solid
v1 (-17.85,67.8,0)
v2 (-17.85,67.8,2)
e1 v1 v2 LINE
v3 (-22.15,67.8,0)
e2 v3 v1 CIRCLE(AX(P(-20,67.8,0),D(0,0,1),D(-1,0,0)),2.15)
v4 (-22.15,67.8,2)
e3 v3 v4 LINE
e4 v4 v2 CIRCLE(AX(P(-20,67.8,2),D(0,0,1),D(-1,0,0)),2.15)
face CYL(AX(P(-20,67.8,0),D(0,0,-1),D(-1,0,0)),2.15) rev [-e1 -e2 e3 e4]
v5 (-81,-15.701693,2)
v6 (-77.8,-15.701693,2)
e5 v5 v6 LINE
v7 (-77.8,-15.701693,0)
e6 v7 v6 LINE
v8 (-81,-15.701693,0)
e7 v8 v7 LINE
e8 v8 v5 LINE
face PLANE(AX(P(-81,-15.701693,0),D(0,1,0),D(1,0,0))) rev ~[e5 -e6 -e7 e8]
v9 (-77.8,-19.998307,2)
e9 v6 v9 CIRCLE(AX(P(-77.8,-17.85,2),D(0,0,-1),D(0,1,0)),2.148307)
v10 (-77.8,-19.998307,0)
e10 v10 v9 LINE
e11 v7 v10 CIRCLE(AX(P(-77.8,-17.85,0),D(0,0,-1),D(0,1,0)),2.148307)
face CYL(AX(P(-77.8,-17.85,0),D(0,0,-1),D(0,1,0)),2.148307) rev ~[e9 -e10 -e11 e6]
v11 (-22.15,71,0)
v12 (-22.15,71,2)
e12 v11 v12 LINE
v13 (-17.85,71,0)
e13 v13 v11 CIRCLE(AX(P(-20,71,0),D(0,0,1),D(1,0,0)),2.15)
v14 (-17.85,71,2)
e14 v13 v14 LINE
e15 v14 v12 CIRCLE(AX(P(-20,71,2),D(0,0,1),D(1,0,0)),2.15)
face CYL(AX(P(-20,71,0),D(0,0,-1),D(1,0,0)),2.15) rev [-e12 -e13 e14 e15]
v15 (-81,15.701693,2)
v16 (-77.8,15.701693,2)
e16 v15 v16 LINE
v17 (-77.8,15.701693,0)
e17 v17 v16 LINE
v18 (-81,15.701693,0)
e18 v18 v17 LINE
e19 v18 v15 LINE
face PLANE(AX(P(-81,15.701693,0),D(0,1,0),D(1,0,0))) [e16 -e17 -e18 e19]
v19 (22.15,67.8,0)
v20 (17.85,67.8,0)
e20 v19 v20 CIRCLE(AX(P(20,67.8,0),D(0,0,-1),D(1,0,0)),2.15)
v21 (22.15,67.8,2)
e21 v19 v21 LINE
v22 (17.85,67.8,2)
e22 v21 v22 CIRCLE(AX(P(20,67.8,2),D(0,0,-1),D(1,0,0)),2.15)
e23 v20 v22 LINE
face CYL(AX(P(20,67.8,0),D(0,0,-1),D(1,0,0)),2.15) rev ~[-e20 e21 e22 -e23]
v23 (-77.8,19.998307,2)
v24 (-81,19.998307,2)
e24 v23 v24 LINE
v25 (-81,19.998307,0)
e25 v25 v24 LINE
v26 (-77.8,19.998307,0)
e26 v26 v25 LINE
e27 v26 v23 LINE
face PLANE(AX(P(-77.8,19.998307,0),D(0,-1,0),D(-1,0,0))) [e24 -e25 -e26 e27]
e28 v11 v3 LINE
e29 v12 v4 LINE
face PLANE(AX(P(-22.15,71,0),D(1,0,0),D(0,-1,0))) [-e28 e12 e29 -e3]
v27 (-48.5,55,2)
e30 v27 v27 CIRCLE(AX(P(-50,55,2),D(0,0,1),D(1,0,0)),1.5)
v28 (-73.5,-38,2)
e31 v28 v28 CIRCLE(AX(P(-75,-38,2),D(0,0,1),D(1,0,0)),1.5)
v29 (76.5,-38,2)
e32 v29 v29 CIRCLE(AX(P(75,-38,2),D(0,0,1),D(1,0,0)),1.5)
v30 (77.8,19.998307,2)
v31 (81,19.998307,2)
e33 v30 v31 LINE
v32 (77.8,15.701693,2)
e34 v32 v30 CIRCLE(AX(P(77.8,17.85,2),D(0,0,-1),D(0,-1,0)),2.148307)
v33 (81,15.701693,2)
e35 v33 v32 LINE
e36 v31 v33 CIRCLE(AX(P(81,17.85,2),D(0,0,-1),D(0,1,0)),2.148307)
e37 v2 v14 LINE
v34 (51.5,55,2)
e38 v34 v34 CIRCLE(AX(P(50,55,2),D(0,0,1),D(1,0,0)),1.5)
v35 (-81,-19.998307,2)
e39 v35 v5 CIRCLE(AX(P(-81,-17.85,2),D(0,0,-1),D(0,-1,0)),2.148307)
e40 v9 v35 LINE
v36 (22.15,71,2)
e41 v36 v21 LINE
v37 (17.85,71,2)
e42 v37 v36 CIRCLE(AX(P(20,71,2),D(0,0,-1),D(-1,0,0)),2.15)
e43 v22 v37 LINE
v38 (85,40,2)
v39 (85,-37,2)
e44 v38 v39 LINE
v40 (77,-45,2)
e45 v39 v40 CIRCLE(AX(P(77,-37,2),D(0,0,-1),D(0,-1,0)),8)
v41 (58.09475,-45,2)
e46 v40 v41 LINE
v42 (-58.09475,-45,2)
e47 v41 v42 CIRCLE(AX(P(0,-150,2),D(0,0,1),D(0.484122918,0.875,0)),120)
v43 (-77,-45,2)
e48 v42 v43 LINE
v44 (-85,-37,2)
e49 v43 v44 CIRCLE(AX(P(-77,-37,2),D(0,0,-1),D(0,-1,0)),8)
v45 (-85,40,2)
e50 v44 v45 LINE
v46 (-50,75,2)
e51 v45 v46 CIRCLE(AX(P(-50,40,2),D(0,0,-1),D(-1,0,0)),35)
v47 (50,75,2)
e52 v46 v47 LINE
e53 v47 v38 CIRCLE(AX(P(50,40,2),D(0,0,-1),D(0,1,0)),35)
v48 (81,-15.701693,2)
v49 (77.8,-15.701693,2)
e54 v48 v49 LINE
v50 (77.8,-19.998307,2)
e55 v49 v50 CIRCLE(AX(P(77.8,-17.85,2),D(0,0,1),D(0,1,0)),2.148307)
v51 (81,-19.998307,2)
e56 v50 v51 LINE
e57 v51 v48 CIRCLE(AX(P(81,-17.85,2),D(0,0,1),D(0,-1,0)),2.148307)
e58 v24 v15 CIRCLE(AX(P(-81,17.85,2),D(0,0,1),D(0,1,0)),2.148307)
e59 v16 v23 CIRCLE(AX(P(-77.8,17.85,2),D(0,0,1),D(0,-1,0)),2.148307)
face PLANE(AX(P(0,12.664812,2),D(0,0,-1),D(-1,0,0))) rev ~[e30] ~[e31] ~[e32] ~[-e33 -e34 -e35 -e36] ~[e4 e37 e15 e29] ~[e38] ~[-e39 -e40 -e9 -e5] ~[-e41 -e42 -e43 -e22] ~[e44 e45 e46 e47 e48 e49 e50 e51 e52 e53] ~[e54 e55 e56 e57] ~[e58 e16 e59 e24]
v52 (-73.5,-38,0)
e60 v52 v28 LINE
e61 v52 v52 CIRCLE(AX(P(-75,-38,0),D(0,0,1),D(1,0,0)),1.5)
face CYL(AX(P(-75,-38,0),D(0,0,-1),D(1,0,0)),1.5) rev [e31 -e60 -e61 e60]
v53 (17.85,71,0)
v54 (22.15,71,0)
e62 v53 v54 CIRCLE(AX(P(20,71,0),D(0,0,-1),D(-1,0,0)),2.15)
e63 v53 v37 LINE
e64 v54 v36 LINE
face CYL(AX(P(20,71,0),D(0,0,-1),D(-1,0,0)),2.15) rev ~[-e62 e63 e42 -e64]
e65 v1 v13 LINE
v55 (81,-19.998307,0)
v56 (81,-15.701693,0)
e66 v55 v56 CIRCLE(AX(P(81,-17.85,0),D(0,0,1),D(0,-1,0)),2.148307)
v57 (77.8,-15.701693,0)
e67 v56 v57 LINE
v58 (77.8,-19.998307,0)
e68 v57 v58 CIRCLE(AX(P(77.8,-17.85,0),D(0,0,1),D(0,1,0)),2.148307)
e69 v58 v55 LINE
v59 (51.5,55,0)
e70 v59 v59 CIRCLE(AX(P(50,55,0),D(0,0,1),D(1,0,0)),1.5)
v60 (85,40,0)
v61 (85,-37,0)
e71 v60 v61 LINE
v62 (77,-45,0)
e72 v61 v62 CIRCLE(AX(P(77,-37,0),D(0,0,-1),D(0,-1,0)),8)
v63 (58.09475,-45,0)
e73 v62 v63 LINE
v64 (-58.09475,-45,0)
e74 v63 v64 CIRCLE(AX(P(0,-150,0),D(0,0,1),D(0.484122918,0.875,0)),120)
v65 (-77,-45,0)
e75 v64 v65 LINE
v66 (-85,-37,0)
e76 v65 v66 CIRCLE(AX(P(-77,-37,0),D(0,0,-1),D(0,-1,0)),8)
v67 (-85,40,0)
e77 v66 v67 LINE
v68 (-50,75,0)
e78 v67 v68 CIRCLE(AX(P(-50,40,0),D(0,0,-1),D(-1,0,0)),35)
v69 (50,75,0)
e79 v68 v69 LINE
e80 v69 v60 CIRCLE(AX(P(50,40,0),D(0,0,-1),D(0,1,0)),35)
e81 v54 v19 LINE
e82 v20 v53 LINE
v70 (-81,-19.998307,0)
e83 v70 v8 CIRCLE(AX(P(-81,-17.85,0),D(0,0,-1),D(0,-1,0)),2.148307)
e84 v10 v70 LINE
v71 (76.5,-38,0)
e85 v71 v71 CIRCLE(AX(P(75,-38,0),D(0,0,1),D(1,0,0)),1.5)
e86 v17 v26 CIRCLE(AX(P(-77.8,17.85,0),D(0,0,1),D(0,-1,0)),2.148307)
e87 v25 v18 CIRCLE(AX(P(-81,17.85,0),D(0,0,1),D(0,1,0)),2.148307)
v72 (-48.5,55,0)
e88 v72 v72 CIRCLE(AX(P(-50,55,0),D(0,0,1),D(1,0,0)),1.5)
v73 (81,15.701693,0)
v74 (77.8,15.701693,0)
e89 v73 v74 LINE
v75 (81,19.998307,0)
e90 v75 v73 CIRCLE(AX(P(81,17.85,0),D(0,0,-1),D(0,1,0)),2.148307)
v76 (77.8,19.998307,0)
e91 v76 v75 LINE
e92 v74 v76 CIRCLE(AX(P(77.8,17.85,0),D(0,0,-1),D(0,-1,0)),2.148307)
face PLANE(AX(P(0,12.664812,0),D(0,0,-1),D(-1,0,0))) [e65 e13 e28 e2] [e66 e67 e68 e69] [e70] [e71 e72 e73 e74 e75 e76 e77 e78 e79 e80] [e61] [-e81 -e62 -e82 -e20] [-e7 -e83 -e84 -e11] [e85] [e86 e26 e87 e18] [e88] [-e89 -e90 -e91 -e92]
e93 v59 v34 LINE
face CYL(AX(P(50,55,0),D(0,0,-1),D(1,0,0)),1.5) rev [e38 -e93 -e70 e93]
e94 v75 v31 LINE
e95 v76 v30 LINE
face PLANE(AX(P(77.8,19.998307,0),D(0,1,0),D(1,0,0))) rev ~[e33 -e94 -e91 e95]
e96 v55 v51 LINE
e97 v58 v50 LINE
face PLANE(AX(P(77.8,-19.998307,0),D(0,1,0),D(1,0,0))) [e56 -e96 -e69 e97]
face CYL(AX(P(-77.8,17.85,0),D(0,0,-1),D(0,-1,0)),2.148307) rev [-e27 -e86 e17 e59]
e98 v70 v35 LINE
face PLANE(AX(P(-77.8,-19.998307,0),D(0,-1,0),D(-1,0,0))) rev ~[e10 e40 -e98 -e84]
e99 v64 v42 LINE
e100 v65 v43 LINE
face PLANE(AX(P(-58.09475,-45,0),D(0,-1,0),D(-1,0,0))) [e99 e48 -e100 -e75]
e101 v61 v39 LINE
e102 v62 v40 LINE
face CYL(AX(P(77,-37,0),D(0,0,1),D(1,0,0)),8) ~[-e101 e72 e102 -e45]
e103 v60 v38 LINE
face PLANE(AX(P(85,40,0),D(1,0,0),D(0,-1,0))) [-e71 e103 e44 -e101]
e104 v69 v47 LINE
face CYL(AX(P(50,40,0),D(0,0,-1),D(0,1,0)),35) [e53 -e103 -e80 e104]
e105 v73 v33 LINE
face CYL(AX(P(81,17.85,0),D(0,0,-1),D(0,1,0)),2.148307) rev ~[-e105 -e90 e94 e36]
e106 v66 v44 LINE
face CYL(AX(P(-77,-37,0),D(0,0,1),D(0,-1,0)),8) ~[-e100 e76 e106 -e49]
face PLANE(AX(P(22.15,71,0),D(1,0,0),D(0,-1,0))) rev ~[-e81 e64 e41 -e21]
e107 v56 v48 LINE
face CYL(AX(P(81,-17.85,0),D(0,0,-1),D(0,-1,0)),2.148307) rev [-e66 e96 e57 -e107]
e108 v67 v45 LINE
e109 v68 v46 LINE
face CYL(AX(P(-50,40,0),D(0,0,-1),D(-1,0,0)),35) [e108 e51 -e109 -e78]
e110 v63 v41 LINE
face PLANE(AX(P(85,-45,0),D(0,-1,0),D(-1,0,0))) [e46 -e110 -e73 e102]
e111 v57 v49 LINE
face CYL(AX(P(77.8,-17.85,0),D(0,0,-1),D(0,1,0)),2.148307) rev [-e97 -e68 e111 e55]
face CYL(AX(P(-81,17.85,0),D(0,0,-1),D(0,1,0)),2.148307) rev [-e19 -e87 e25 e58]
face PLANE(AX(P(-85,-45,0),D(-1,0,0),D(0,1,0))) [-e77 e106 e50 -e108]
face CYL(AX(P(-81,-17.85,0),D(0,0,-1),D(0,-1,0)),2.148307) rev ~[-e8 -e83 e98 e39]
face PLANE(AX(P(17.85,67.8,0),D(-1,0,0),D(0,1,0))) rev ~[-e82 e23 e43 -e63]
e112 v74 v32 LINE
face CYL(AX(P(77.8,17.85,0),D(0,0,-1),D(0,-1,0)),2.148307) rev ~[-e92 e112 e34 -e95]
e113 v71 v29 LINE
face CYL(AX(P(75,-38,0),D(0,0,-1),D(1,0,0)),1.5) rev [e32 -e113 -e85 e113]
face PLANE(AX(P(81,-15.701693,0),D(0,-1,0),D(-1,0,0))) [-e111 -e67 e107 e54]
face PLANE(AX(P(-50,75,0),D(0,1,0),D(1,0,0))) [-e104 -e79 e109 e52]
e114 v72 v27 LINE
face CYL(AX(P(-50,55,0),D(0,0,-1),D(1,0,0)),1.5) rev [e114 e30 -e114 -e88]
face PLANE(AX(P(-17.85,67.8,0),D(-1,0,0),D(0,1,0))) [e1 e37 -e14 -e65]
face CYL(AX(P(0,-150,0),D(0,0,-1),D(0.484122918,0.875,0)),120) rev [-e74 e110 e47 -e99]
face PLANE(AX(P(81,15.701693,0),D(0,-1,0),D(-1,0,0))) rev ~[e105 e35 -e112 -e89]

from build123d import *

# Parameters (mm, degrees)
SKETCH1_R           = 1.5
BOSS_EXTRUDE1_DEPTH = 2
FILLET1_R           = 8


with BuildPart() as part:
    # Sketch1 → Boss-Extrude1 (new body)
    with BuildSketch(Plane.XY):
        with BuildLine():
            Line((85, 40), (85, -45))
            Line((85, -45), (58.094750193, -45))
            ThreePointArc((58.094750193, -45), (0, -30), (-58.094750193, -45))
            Line((-58.094750193, -45), (-85, -45))
            Line((-85, -45), (-85, 40))
            ThreePointArc((-85, 40), (-74.748737342, 64.748737342), (-50, 75))
            Line((-50, 75), (50, 75))
            ThreePointArc((50, 75), (74.748737342, 64.748737342), (85, 40))
        make_face()
        with Locations((50, 55)):
            Circle(SKETCH1_R, mode=Mode.SUBTRACT)
        with Locations((-75, -38)):
            Circle(SKETCH1_R, mode=Mode.SUBTRACT)
        with Locations((75, -38)):
            Circle(SKETCH1_R, mode=Mode.SUBTRACT)
        with Locations((-50, 55)):
            Circle(SKETCH1_R, mode=Mode.SUBTRACT)
        with BuildLine():
            ThreePointArc((-22.15, 67.8), (-20, 65.65), (-17.85, 67.8))
            Line((-17.85, 67.8), (-17.85, 71))
            ThreePointArc((-17.85, 71), (-20, 73.15), (-22.15, 71))
            Line((-22.15, 71), (-22.15, 67.8))
        make_face(mode=Mode.SUBTRACT)
        with BuildLine():
            Line((81, 15.701693023), (77.8, 15.701693023))
            ThreePointArc((77.8, 15.701693023), (75.651693023, 17.85), (77.8, 19.998306977))
            Line((77.8, 19.998306977), (81, 19.998306977))
            ThreePointArc((81, 19.998306977), (83.148306977, 17.85), (81, 15.701693023))
        make_face(mode=Mode.SUBTRACT)
        with BuildLine():
            Line((-81, -15.701693023), (-77.8, -15.701693023))
            ThreePointArc((-77.8, -15.701693023), (-75.651693023, -17.85), (-77.8, -19.998306977))
            Line((-77.8, -19.998306977), (-81, -19.998306977))
            ThreePointArc((-81, -19.998306977), (-83.148306977, -17.85), (-81, -15.701693023))
        make_face(mode=Mode.SUBTRACT)
        with BuildLine():
            ThreePointArc((-77.8, 15.701693023), (-75.651693023, 17.85), (-77.8, 19.998306977))
            Line((-77.8, 19.998306977), (-81, 19.998306977))
            ThreePointArc((-81, 19.998306977), (-83.148306977, 17.85), (-81, 15.701693023))
            Line((-81, 15.701693023), (-77.8, 15.701693023))
        make_face(mode=Mode.SUBTRACT)
        with BuildLine():
            ThreePointArc((77.8, -15.701693023), (75.651693023, -17.85), (77.8, -19.998306977))
            Line((77.8, -19.998306977), (81, -19.998306977))
            ThreePointArc((81, -19.998306977), (83.148306977, -17.85), (81, -15.701693023))
            Line((81, -15.701693023), (77.8, -15.701693023))
        make_face(mode=Mode.SUBTRACT)
        with BuildLine():
            Line((22.15, 71), (22.15, 67.8))
            ThreePointArc((22.15, 67.8), (20, 65.65), (17.85, 67.8))
            Line((17.85, 67.8), (17.85, 71))
            ThreePointArc((17.85, 71), (20, 73.15), (22.15, 71))
        make_face(mode=Mode.SUBTRACT)
    extrude(amount=BOSS_EXTRUDE1_DEPTH)

    # Fillet1
    fillet1_edges = [part.edges().sort_by_distance(p)[0] for p in [
        (85, -45, 1),
        (-85, -45, 1),
    ]]
    fillet(fillet1_edges, radius=FILLET1_R)


solid = part.part
